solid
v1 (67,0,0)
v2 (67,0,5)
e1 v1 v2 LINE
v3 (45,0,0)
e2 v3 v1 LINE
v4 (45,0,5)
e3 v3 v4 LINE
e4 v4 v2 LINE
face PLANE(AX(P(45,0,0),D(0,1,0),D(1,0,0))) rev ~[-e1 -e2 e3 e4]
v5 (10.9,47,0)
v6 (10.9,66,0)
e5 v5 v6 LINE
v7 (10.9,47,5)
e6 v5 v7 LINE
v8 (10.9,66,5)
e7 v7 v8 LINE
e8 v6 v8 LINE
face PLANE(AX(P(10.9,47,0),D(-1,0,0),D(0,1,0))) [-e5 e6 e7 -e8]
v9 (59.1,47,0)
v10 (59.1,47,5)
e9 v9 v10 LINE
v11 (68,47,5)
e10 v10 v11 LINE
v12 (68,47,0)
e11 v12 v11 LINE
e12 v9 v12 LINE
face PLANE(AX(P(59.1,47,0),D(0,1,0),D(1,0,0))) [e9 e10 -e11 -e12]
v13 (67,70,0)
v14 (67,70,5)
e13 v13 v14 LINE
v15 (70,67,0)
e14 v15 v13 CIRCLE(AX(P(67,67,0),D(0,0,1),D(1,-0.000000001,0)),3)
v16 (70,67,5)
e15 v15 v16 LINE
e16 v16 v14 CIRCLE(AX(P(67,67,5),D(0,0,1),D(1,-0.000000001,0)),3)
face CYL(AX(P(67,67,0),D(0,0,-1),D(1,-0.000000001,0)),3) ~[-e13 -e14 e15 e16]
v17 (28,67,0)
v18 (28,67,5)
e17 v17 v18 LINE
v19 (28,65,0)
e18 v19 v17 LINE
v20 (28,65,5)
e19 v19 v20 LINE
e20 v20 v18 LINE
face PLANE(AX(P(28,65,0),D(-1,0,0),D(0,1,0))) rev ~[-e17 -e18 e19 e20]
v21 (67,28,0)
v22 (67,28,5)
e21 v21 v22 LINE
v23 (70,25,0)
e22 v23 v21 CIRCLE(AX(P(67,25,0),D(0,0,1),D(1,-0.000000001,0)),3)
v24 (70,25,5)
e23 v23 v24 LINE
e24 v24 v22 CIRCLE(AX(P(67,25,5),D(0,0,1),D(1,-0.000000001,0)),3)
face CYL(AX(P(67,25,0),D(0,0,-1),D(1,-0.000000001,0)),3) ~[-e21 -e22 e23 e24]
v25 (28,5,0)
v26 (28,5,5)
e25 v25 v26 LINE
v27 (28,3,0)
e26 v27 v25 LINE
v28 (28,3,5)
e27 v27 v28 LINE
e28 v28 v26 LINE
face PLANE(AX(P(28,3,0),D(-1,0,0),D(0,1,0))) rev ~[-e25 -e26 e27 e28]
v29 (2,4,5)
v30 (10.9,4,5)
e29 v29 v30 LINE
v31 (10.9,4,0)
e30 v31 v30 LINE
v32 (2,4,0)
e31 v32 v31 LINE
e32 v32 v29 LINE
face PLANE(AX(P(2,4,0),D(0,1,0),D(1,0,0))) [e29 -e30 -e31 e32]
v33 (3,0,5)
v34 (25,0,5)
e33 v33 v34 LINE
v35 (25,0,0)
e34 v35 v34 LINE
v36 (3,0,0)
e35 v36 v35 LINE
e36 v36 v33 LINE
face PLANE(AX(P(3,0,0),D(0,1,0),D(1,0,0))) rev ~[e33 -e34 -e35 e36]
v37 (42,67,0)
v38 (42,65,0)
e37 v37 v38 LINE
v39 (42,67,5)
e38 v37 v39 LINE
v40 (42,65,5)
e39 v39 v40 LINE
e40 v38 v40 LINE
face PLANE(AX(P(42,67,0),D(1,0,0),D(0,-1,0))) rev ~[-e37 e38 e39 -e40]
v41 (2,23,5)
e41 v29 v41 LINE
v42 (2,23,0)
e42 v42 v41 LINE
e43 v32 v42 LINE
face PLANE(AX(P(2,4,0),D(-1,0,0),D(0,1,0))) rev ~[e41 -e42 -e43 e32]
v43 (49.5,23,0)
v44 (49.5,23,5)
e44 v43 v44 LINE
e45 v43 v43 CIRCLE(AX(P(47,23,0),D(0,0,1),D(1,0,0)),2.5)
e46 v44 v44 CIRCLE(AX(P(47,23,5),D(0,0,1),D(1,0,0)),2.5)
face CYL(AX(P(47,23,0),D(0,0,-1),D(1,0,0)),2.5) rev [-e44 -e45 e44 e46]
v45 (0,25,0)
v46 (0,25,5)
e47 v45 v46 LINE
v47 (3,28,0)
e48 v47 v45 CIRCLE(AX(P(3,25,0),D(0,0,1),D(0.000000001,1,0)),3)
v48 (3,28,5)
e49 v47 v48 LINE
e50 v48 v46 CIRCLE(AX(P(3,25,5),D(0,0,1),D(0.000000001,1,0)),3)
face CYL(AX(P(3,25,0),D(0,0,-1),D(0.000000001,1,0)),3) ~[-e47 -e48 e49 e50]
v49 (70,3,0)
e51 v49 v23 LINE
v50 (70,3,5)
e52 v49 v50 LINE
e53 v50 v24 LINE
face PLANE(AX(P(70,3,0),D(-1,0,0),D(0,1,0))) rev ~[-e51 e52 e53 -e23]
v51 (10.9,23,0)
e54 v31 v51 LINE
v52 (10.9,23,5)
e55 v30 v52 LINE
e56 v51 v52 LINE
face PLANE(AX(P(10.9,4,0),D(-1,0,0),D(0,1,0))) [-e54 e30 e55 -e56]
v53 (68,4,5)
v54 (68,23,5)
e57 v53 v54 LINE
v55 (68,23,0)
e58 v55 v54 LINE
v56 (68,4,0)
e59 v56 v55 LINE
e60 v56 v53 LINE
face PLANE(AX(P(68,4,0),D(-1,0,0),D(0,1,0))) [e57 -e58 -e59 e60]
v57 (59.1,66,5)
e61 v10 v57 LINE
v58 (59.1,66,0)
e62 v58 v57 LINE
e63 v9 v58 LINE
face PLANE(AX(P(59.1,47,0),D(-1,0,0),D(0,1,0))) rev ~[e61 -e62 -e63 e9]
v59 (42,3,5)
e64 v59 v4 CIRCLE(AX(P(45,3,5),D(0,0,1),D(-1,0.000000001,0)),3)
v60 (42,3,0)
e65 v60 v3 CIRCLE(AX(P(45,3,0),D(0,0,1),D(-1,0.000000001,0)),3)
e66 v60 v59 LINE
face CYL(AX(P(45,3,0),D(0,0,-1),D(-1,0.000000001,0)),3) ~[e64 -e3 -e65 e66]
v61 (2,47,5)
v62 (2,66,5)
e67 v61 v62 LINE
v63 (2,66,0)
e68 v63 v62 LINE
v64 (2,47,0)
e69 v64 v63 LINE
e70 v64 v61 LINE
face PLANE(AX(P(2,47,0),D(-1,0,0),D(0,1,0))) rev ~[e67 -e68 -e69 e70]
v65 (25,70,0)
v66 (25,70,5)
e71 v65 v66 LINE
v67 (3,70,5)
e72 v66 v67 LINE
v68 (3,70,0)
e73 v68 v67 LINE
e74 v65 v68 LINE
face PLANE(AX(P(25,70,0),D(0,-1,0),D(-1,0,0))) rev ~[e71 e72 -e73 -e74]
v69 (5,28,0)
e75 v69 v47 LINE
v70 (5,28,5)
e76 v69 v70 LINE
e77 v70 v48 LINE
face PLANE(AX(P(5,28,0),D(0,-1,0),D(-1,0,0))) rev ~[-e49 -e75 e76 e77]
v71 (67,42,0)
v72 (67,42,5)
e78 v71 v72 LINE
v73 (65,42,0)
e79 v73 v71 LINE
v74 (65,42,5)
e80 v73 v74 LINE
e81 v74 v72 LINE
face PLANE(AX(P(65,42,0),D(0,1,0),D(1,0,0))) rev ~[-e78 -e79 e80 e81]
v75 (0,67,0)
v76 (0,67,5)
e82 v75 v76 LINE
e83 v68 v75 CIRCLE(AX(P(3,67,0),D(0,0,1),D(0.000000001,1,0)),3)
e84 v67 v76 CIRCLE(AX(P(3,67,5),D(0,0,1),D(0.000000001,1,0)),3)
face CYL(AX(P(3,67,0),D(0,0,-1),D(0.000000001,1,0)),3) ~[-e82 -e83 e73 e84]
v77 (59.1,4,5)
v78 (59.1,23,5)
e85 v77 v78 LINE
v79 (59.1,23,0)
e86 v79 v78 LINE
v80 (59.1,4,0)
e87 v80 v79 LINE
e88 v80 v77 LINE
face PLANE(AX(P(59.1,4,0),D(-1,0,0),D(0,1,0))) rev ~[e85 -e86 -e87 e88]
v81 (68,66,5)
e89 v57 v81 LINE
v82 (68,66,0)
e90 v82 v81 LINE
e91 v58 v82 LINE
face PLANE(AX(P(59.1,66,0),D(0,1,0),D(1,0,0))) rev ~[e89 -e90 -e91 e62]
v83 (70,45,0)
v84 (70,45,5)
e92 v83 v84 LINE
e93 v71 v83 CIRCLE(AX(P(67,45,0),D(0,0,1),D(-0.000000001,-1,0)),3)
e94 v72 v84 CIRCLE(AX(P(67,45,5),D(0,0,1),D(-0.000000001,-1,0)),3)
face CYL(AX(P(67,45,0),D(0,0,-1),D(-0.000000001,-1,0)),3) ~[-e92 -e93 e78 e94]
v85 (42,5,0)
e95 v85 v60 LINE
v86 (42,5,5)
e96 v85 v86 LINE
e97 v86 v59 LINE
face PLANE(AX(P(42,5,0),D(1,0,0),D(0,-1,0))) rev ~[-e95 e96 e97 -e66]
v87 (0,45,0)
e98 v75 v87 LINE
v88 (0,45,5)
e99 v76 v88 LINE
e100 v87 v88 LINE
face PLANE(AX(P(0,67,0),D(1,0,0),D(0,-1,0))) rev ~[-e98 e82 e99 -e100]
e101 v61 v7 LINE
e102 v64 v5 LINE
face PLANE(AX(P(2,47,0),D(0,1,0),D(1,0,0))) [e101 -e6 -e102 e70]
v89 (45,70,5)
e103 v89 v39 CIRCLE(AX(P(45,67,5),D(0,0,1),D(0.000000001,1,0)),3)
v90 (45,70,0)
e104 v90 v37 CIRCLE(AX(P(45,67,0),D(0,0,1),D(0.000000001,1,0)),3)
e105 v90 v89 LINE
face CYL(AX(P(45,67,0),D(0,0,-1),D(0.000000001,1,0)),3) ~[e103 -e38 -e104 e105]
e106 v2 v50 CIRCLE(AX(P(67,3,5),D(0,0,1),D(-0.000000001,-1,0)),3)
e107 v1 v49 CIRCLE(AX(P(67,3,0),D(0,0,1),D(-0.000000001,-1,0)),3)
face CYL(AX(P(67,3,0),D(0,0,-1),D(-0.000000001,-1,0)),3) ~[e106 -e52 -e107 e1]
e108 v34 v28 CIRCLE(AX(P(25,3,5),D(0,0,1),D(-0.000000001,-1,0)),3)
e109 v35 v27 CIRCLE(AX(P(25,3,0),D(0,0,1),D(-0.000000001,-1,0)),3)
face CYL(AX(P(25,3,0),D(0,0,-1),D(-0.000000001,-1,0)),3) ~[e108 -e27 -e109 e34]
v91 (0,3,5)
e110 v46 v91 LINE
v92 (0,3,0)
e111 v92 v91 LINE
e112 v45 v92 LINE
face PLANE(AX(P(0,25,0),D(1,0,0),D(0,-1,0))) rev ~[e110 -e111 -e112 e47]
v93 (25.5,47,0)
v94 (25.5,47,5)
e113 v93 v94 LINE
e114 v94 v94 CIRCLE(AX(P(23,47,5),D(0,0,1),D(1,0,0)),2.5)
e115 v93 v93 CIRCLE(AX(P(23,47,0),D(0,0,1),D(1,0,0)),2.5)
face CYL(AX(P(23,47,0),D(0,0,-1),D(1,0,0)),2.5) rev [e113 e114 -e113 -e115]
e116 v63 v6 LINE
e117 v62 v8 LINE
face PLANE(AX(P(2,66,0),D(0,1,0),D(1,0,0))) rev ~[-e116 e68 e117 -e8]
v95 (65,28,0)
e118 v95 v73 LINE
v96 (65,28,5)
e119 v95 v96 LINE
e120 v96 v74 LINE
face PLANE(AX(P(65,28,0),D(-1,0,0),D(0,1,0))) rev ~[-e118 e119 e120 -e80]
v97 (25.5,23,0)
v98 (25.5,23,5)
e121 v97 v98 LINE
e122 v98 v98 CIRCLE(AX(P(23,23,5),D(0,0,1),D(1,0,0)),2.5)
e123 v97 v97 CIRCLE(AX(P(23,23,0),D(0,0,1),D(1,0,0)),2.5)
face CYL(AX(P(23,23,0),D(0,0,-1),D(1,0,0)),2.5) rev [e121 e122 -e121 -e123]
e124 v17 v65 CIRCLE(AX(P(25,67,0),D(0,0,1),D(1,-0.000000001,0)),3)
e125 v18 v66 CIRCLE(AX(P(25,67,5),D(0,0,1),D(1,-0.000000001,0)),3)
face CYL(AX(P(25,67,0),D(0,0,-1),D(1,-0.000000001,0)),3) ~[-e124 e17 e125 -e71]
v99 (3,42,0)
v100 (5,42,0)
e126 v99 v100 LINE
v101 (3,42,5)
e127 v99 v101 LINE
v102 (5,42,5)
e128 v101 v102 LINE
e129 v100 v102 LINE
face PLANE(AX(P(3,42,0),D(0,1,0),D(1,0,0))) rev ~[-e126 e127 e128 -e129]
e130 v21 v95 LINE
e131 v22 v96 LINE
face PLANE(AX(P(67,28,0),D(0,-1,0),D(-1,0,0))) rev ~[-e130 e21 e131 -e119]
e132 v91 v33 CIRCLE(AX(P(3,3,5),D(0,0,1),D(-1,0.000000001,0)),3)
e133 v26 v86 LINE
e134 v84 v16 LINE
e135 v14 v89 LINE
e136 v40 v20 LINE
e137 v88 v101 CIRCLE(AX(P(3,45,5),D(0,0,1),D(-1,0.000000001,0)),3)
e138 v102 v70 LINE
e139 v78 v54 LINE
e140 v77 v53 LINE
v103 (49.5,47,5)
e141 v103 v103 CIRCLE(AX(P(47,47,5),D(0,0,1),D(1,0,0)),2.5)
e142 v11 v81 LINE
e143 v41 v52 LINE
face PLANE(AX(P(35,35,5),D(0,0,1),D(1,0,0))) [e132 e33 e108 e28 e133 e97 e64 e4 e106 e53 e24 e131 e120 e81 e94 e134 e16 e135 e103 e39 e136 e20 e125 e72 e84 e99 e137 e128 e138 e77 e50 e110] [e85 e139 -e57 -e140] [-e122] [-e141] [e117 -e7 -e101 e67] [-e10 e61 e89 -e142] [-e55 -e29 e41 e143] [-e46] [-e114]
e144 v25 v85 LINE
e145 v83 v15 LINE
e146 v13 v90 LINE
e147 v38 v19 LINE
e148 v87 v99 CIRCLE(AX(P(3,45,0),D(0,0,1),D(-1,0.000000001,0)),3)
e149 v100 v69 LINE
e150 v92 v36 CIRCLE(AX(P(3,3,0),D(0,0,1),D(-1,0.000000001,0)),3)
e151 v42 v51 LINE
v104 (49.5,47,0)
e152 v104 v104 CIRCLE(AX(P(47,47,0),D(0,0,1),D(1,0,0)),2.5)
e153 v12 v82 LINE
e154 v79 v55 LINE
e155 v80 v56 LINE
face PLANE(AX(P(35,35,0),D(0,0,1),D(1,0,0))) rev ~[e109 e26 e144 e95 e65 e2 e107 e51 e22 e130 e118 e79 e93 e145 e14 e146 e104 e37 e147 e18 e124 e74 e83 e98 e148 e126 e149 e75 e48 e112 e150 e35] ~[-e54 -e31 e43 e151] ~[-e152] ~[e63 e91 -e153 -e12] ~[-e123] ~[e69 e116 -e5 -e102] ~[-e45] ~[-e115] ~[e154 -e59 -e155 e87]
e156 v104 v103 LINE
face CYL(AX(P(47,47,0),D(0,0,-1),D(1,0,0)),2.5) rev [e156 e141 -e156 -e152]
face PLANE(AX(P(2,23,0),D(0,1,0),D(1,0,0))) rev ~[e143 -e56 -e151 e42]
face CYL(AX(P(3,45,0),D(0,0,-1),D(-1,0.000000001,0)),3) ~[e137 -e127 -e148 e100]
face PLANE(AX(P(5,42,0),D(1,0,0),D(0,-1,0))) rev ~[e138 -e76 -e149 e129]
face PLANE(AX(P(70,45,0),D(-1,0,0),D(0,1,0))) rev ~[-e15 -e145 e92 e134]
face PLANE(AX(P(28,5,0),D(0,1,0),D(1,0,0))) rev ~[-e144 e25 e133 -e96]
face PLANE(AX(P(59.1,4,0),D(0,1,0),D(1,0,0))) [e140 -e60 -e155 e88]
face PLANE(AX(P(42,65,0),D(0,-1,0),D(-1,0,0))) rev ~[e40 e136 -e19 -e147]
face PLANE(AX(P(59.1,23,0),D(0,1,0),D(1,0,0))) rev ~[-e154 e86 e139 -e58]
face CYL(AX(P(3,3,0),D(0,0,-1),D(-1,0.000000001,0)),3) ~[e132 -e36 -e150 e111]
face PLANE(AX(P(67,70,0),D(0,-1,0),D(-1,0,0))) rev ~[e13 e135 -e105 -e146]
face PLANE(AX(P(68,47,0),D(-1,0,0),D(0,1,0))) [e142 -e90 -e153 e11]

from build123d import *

# Parameters (mm, degrees)
SKETCH_1_R      = 2.5
SKETCH_1_W      = 8.9
SKETCH_1_H      = 19
EXTRUDE_1_DEPTH = 5


with BuildPart() as part:
    # 草图1 → 凸台-拉伸1 (new body)
    with BuildSketch(Plane.XY):
        with BuildLine():
            Line((3, 0), (25, 0))
            ThreePointArc((25, 0), (27.121320344, 0.878679656), (28, 3))
            Line((28, 3), (28, 5))
            Line((28, 5), (42, 5))
            Line((42, 5), (42, 3))
            ThreePointArc((42, 3), (42.878679656, 0.878679656), (45, 0))
            Line((45, 0), (67, 0))
            ThreePointArc((67, 0), (69.121320344, 0.878679656), (70, 3))
            Line((70, 3), (70, 25))
            ThreePointArc((70, 25), (69.121320344, 27.121320344), (67, 28))
            Line((67, 28), (65, 28))
            Line((65, 28), (65, 42))
            Line((65, 42), (67, 42))
            ThreePointArc((67, 42), (69.121320344, 42.878679656), (70, 45))
            Line((70, 45), (70, 67))
            ThreePointArc((70, 67), (69.121320344, 69.121320344), (67, 70))
            Line((67, 70), (45, 70))
            ThreePointArc((45, 70), (42.878679656, 69.121320344), (42, 67))
            Line((42, 67), (42, 65))
            Line((42, 65), (28, 65))
            Line((28, 65), (28, 67))
            ThreePointArc((28, 67), (27.121320344, 69.121320344), (25, 70))
            Line((25, 70), (3, 70))
            ThreePointArc((3, 70), (0.878679656, 69.121320344), (0, 67))
            Line((0, 67), (0, 45))
            ThreePointArc((0, 45), (0.878679656, 42.878679656), (3, 42))
            Line((3, 42), (5, 42))
            Line((5, 42), (5, 28))
            Line((5, 28), (3, 28))
            ThreePointArc((3, 28), (0.878679656, 27.121320344), (0, 25))
            Line((0, 25), (0, 3))
            ThreePointArc((0, 3), (0.878679656, 0.878679656), (3, 0))
        make_face()
        with Locations((23, 47)):
            Circle(SKETCH_1_R, mode=Mode.SUBTRACT)
        with Locations((47, 47)):
            Circle(SKETCH_1_R, mode=Mode.SUBTRACT)
        with Locations((23, 23)):
            Circle(SKETCH_1_R, mode=Mode.SUBTRACT)
        with Locations((47, 23)):
            Circle(SKETCH_1_R, mode=Mode.SUBTRACT)
        with Locations((63.55, 56.5)):
            Rectangle(SKETCH_1_W, SKETCH_1_H, mode=Mode.SUBTRACT)
        with Locations((63.55, 13.5)):
            Rectangle(SKETCH_1_W, SKETCH_1_H, mode=Mode.SUBTRACT)
        with Locations((6.45, 56.5)):
            Rectangle(SKETCH_1_W, SKETCH_1_H, mode=Mode.SUBTRACT)
        with Locations((6.45, 13.5)):
            Rectangle(SKETCH_1_W, SKETCH_1_H, mode=Mode.SUBTRACT)
    extrude(amount=EXTRUDE_1_DEPTH)


solid = part.part
